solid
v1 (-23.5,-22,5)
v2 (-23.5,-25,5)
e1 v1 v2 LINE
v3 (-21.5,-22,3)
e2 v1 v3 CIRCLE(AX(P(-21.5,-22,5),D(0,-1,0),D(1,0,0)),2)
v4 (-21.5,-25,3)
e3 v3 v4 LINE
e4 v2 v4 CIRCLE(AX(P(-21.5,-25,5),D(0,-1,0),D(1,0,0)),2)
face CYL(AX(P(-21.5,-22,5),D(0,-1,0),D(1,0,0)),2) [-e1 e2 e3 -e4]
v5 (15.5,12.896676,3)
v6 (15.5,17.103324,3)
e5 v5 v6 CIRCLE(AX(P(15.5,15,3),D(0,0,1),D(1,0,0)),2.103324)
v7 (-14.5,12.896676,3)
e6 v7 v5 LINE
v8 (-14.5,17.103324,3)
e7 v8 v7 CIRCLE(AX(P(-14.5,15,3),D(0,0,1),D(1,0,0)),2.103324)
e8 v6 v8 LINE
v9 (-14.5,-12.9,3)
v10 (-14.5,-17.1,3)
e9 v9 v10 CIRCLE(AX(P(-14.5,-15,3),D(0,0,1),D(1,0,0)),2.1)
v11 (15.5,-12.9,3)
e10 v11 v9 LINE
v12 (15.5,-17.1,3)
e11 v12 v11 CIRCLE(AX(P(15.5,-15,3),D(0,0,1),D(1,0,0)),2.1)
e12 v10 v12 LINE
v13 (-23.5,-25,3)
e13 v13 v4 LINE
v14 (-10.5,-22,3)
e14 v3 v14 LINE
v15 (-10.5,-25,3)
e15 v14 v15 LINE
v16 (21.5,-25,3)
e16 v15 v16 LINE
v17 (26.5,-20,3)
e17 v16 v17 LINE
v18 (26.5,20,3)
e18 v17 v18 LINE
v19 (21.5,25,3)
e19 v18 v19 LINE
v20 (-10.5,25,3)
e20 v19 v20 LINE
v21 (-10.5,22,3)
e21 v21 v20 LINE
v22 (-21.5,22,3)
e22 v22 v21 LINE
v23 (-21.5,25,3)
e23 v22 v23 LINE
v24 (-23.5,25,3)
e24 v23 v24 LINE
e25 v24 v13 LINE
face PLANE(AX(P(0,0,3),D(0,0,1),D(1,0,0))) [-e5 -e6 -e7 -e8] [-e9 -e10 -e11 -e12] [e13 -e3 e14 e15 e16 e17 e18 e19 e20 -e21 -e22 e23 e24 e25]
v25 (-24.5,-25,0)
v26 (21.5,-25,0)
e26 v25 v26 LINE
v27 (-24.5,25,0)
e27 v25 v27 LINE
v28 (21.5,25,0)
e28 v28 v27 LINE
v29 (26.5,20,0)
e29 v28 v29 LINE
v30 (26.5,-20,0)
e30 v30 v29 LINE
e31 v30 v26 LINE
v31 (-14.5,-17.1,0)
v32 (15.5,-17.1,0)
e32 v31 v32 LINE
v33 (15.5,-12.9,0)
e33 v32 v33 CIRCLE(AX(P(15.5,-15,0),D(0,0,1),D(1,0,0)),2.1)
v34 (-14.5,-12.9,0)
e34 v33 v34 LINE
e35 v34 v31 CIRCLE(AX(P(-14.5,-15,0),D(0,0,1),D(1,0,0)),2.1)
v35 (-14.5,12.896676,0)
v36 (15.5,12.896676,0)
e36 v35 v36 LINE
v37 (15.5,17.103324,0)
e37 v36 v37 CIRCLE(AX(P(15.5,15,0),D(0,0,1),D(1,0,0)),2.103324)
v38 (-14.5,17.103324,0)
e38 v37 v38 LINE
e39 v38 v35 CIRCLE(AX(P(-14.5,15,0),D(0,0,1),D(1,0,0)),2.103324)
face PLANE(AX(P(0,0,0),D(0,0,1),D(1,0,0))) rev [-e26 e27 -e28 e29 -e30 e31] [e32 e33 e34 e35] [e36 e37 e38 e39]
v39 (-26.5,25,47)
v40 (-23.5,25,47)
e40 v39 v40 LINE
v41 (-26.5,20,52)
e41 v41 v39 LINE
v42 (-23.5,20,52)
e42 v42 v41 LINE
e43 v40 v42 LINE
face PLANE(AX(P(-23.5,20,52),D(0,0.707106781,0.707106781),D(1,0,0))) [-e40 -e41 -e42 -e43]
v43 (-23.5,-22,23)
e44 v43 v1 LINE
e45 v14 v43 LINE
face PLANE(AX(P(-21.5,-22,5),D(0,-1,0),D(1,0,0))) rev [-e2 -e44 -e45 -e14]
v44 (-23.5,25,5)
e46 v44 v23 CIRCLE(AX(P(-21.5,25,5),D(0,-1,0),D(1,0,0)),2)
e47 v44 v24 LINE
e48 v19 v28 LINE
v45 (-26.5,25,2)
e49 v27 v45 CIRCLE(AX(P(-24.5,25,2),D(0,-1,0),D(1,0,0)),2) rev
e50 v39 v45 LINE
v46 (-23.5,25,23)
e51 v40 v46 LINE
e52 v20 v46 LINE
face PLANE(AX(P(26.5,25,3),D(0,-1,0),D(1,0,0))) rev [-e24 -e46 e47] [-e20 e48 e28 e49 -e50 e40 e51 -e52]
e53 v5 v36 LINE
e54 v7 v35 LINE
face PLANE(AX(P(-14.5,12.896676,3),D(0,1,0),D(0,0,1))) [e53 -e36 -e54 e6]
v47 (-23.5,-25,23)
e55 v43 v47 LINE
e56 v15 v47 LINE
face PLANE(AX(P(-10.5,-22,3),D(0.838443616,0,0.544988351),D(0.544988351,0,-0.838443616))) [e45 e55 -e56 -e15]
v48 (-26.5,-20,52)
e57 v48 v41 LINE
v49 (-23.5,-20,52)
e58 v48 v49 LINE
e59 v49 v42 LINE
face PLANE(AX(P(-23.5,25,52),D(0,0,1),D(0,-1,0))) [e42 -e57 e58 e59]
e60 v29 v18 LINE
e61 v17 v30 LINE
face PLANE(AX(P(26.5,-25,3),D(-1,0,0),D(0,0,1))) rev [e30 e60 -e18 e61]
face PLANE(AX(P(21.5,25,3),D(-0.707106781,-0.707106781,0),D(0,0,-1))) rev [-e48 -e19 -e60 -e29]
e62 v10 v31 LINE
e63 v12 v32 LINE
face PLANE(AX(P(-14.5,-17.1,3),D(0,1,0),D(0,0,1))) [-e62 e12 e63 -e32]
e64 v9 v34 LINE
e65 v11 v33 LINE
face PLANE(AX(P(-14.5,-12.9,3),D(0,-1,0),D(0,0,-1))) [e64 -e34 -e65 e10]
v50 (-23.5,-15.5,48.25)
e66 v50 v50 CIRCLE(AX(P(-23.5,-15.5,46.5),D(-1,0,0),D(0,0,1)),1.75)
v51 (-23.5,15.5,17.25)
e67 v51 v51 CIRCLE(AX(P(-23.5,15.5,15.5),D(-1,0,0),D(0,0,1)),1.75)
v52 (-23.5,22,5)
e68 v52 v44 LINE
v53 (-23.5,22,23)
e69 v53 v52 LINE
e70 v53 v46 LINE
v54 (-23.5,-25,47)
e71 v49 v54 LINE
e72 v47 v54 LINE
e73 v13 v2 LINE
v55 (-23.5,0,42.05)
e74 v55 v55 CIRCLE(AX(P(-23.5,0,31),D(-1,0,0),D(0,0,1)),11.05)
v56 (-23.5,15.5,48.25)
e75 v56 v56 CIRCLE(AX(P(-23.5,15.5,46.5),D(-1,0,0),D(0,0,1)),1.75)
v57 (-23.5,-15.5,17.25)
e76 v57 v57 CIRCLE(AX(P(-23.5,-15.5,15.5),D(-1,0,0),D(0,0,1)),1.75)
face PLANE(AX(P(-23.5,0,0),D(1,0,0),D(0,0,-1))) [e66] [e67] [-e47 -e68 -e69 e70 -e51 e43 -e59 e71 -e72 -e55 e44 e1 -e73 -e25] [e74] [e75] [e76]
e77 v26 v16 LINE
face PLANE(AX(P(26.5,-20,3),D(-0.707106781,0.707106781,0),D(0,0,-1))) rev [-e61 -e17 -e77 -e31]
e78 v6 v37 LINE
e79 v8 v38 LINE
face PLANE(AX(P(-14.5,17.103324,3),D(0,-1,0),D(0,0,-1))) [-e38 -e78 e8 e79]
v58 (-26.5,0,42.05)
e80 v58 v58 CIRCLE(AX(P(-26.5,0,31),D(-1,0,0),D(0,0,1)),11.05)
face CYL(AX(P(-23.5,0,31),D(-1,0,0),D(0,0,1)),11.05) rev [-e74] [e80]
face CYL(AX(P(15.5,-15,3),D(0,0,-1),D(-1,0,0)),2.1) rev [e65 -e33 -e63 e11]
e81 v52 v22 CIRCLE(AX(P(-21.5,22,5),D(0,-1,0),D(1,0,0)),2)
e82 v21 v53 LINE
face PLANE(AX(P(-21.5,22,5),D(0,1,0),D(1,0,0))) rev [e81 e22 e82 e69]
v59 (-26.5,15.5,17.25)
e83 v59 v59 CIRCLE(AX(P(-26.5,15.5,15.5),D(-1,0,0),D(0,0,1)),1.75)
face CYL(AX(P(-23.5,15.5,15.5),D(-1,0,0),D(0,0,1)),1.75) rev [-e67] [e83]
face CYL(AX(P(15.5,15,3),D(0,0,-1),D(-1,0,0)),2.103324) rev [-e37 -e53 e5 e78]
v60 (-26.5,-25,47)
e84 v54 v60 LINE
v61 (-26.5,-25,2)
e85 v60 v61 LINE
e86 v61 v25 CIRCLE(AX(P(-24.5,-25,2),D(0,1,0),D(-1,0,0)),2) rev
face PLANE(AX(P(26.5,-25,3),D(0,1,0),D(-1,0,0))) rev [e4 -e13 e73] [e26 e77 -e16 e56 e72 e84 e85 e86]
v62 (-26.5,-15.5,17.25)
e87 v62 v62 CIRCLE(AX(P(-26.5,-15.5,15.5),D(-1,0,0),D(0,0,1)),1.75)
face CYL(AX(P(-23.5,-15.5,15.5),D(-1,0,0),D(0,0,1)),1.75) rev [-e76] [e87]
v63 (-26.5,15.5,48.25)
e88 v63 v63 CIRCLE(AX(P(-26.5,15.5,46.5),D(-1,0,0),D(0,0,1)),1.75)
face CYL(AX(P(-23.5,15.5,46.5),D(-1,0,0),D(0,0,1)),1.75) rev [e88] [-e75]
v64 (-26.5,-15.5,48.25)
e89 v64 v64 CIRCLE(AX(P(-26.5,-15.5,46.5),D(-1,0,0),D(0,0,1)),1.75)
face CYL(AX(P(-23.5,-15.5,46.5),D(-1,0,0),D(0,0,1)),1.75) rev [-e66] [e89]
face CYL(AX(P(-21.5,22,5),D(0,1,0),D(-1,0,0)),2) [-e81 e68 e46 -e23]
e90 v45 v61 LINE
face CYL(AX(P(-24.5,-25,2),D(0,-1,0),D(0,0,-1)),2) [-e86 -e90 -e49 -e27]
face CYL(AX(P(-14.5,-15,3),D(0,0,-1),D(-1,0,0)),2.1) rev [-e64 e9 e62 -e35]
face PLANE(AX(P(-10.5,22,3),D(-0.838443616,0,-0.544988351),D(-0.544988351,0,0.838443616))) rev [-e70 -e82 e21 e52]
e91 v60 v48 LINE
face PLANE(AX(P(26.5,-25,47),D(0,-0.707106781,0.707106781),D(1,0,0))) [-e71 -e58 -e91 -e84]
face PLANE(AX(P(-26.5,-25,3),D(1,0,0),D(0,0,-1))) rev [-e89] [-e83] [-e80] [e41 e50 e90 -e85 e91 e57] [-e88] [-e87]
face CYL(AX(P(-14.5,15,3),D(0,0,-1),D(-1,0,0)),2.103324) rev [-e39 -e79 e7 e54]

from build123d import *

# Parameters (mm, degrees)
SKETCH_1_W      = 53
SKETCH_1_H      = 50
EXTRUDE_1_DEPTH = 3
SKETCH_2_W      = 49
SKETCH_2_H      = 50
SKETCH_2_R      = 11.05
SKETCH_2_R_2    = 1.75
EXTRUDE_2_DEPTH = 3
CHAMFER_1_SIZE  = 5
EXTRUDE_3_DEPTH = 3
FILLET_1_R      = 2


with BuildPart() as part:
    # 草图1 → 凸台-拉伸1 (new body)
    with BuildSketch(Plane.XY):
        Rectangle(SKETCH_1_W, SKETCH_1_H)
        with BuildLine():
            Line((-14.5, 17.103323548), (15.5, 17.103323548))
            ThreePointArc((15.5, 17.103323548), (17.603323548, 15), (15.5, 12.896676452))
            Line((15.5, 12.896676452), (-14.5, 12.896676452))
            ThreePointArc((-14.5, 12.896676452), (-16.603323548, 15), (-14.5, 17.103323548))
        make_face(mode=Mode.SUBTRACT)
        with BuildLine():
            Line((-14.5, -12.9), (15.5, -12.9))
            ThreePointArc((15.5, -12.9), (17.6, -15), (15.5, -17.1))
            Line((15.5, -17.1), (-14.5, -17.1))
            ThreePointArc((-14.5, -17.1), (-16.6, -15), (-14.5, -12.9))
        make_face(mode=Mode.SUBTRACT)
    extrude(amount=EXTRUDE_1_DEPTH)

    # 草图2 → 凸台-拉伸2 (add)
    with BuildSketch(Plane.ZY.offset(26.5)):
        with Locations((27.5, 0)):
            Rectangle(SKETCH_2_W, SKETCH_2_H)
        with Locations((31, 0)):
            Circle(SKETCH_2_R, mode=Mode.SUBTRACT)
        with Locations((46.5, 15.5)):
            Circle(SKETCH_2_R_2, mode=Mode.SUBTRACT)
        with Locations((46.5, -15.5)):
            Circle(SKETCH_2_R_2, mode=Mode.SUBTRACT)
        with Locations((15.5, -15.5)):
            Circle(SKETCH_2_R_2, mode=Mode.SUBTRACT)
        with Locations((15.5, 15.5)):
            Circle(SKETCH_2_R_2, mode=Mode.SUBTRACT)
    extrude(amount=-EXTRUDE_2_DEPTH)

    # 倒角1
    chamfer_1_edges = [part.edges().sort_by_distance(p)[0] for p in [
        (-25, 25, 52),
        (-25, -25, 52),
        (26.5, 25, 1.5),
        (26.5, -25, 1.5),
    ]]
    chamfer(chamfer_1_edges, length=CHAMFER_1_SIZE)

    # 草图3 → 凸台-拉伸3 (add)
    with BuildSketch(Plane.XZ.offset(25)):
        with BuildLine():
            Line((-23.5, 5), (-23.5, 23))
            Line((-23.5, 23), (-10.5, 3))
            Line((-10.5, 3), (-21.5, 3))
            ThreePointArc((-21.5, 3), (-22.914213562, 3.585786438), (-23.5, 5))
        make_face()
    extrude_3 = extrude(amount=-EXTRUDE_3_DEPTH)

    # 圆角1
    fillet_1_edges = [part.edges().sort_by_distance(p)[0] for p in [
        (-26.5, 0, 0),
    ]]
    fillet(fillet_1_edges, radius=FILLET_1_R)

    # 镜向1: 凸台-拉伸3 across plane
    add(extrude_3.mirror(Plane.ZX))


solid = part.part
